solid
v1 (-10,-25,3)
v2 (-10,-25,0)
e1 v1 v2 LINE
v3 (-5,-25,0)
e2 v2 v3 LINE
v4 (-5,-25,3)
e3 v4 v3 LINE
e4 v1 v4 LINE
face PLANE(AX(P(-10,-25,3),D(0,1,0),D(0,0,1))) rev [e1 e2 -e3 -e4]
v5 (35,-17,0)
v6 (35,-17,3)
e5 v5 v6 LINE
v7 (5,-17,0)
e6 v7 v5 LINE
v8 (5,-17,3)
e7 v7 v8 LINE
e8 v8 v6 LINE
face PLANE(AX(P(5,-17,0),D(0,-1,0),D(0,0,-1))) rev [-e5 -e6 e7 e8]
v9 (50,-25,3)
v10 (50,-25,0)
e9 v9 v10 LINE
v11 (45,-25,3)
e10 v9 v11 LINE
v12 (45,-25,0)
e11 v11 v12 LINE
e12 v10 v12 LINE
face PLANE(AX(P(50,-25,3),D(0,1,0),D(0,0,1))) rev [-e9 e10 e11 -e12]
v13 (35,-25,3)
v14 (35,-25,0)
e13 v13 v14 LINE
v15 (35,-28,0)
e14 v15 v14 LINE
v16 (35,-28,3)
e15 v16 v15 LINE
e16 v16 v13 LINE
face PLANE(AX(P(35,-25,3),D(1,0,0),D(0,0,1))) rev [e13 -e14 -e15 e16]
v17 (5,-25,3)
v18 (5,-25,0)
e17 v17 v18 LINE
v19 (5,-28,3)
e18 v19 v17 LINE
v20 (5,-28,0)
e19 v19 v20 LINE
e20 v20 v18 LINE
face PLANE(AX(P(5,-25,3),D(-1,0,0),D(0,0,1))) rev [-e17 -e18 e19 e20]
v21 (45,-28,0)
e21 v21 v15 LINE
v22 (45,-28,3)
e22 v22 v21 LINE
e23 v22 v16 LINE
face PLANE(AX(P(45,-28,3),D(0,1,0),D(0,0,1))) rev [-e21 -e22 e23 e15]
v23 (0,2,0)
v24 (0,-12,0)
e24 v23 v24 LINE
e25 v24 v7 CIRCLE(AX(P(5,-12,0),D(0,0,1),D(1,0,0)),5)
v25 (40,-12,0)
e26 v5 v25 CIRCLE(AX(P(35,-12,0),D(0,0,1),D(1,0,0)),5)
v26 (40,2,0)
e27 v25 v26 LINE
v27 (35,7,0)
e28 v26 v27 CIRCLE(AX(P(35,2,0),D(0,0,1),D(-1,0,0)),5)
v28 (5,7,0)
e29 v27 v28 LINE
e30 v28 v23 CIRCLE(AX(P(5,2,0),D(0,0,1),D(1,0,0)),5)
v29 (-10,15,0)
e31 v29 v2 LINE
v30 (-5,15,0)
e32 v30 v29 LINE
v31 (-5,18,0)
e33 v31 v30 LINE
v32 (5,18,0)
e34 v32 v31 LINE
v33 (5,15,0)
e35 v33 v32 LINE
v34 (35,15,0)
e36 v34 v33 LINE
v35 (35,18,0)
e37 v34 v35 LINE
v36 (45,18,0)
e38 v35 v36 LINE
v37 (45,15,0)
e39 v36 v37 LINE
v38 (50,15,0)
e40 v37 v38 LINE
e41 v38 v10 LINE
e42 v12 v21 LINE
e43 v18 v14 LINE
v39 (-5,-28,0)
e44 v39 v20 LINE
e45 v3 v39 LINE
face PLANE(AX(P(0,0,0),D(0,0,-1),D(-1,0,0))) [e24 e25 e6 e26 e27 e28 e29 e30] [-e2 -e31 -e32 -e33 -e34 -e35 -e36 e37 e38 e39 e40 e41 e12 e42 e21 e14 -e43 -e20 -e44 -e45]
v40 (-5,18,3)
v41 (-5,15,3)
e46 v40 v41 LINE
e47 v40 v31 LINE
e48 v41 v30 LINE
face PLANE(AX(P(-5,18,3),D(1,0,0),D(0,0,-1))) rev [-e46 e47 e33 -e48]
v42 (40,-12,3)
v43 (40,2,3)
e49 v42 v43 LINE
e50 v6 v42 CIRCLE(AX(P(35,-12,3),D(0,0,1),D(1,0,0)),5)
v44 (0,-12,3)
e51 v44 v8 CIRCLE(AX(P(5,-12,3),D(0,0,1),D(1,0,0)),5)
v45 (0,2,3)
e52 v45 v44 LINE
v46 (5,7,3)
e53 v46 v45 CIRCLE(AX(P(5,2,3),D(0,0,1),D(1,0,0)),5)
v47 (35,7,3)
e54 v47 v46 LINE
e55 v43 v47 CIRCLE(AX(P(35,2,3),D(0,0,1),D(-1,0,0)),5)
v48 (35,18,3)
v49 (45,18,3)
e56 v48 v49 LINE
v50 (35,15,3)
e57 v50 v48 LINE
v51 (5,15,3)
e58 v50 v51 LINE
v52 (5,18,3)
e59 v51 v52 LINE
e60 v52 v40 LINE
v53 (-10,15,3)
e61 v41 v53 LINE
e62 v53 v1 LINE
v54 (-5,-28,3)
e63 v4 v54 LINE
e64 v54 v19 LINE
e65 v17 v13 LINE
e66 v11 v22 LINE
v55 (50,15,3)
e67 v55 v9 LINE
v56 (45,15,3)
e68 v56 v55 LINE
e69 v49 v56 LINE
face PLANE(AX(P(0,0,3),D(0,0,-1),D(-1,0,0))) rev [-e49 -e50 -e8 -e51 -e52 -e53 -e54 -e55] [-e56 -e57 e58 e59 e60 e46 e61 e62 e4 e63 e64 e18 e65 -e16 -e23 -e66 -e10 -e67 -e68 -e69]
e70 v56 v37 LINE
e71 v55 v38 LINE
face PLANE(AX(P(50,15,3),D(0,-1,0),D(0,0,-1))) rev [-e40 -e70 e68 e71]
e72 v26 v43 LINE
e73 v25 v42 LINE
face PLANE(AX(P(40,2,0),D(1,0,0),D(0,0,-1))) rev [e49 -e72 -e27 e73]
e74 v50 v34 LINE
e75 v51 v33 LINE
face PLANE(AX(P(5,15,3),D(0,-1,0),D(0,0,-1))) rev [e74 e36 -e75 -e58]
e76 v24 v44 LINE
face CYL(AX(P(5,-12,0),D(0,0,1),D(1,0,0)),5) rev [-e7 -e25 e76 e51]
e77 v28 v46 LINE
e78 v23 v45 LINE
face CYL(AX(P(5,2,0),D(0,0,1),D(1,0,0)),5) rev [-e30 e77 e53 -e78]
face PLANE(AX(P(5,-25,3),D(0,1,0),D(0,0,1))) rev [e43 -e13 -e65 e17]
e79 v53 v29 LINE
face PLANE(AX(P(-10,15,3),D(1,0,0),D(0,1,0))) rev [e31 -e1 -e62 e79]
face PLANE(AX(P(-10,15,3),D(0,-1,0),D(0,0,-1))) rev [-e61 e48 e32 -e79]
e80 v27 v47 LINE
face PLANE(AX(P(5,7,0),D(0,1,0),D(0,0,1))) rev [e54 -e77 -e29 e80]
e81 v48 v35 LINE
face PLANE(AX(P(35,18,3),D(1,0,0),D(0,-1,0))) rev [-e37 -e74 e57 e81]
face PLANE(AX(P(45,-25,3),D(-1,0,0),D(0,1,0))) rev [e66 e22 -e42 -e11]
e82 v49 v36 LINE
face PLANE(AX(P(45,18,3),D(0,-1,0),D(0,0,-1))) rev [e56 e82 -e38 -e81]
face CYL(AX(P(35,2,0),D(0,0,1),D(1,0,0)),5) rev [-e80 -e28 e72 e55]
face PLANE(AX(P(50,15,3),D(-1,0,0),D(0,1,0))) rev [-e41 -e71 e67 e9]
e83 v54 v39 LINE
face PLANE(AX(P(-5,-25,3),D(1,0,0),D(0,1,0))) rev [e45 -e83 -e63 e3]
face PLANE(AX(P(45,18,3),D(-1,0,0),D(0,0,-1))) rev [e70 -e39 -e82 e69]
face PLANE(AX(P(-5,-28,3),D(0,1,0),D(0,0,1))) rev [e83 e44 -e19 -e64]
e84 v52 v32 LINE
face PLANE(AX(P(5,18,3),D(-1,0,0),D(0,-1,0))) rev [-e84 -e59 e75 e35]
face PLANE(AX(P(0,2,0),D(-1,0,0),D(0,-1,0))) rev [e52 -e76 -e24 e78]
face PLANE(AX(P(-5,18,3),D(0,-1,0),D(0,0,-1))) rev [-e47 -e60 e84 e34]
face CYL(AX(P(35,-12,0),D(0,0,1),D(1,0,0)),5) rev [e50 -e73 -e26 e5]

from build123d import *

# Parameters (mm, degrees)
BOSS_EXTRU_1_DEPTH      = 3
ENL_V_MAT_EXTRU_1_DEPTH = 58.384666942


with BuildPart() as part:
    # Esquisse1 → Boss.-Extru.1 (new body)
    with BuildSketch(Plane.XY):
        Polygon((-5, -25), (-5, -28), (5, -28), (5, -25), (20, -25), (20, 15), (5, 15), (5, 18), (-5, 18), (-5, 15), (-10, 15), (-10, -25), align=None)
    extrude(amount=BOSS_EXTRU_1_DEPTH)

    # Symétrie1: part across plane


with BuildPart() as part_1:
    add(part.part)
    add(part.part.mirror(Plane(origin=(20, 15, 3), x_dir=(0, 0, 1), z_dir=(-1, 0, 0))))

    # Esquisse2 → Enlèv. mat.-Extru.1 (cut, through all)
    with BuildSketch(Plane.XY.offset(3)):
        with BuildLine():
            Line((5, 7), (35, 7))
            ThreePointArc((35, 7), (38.535533906, 5.535533906), (40, 2))
            Line((40, 2), (40, -12))
            ThreePointArc((40, -12), (38.535533906, -15.535533906), (35, -17))
            Line((35, -17), (5, -17))
            ThreePointArc((5, -17), (1.464466094, -15.535533906), (0, -12))
            Line((0, -12), (0, 2))
            ThreePointArc((0, 2), (1.464466094, 5.535533906), (5, 7))
        make_face()
    extrude(amount=-ENL_V_MAT_EXTRU_1_DEPTH, mode=Mode.SUBTRACT)


solid = part_1.part
